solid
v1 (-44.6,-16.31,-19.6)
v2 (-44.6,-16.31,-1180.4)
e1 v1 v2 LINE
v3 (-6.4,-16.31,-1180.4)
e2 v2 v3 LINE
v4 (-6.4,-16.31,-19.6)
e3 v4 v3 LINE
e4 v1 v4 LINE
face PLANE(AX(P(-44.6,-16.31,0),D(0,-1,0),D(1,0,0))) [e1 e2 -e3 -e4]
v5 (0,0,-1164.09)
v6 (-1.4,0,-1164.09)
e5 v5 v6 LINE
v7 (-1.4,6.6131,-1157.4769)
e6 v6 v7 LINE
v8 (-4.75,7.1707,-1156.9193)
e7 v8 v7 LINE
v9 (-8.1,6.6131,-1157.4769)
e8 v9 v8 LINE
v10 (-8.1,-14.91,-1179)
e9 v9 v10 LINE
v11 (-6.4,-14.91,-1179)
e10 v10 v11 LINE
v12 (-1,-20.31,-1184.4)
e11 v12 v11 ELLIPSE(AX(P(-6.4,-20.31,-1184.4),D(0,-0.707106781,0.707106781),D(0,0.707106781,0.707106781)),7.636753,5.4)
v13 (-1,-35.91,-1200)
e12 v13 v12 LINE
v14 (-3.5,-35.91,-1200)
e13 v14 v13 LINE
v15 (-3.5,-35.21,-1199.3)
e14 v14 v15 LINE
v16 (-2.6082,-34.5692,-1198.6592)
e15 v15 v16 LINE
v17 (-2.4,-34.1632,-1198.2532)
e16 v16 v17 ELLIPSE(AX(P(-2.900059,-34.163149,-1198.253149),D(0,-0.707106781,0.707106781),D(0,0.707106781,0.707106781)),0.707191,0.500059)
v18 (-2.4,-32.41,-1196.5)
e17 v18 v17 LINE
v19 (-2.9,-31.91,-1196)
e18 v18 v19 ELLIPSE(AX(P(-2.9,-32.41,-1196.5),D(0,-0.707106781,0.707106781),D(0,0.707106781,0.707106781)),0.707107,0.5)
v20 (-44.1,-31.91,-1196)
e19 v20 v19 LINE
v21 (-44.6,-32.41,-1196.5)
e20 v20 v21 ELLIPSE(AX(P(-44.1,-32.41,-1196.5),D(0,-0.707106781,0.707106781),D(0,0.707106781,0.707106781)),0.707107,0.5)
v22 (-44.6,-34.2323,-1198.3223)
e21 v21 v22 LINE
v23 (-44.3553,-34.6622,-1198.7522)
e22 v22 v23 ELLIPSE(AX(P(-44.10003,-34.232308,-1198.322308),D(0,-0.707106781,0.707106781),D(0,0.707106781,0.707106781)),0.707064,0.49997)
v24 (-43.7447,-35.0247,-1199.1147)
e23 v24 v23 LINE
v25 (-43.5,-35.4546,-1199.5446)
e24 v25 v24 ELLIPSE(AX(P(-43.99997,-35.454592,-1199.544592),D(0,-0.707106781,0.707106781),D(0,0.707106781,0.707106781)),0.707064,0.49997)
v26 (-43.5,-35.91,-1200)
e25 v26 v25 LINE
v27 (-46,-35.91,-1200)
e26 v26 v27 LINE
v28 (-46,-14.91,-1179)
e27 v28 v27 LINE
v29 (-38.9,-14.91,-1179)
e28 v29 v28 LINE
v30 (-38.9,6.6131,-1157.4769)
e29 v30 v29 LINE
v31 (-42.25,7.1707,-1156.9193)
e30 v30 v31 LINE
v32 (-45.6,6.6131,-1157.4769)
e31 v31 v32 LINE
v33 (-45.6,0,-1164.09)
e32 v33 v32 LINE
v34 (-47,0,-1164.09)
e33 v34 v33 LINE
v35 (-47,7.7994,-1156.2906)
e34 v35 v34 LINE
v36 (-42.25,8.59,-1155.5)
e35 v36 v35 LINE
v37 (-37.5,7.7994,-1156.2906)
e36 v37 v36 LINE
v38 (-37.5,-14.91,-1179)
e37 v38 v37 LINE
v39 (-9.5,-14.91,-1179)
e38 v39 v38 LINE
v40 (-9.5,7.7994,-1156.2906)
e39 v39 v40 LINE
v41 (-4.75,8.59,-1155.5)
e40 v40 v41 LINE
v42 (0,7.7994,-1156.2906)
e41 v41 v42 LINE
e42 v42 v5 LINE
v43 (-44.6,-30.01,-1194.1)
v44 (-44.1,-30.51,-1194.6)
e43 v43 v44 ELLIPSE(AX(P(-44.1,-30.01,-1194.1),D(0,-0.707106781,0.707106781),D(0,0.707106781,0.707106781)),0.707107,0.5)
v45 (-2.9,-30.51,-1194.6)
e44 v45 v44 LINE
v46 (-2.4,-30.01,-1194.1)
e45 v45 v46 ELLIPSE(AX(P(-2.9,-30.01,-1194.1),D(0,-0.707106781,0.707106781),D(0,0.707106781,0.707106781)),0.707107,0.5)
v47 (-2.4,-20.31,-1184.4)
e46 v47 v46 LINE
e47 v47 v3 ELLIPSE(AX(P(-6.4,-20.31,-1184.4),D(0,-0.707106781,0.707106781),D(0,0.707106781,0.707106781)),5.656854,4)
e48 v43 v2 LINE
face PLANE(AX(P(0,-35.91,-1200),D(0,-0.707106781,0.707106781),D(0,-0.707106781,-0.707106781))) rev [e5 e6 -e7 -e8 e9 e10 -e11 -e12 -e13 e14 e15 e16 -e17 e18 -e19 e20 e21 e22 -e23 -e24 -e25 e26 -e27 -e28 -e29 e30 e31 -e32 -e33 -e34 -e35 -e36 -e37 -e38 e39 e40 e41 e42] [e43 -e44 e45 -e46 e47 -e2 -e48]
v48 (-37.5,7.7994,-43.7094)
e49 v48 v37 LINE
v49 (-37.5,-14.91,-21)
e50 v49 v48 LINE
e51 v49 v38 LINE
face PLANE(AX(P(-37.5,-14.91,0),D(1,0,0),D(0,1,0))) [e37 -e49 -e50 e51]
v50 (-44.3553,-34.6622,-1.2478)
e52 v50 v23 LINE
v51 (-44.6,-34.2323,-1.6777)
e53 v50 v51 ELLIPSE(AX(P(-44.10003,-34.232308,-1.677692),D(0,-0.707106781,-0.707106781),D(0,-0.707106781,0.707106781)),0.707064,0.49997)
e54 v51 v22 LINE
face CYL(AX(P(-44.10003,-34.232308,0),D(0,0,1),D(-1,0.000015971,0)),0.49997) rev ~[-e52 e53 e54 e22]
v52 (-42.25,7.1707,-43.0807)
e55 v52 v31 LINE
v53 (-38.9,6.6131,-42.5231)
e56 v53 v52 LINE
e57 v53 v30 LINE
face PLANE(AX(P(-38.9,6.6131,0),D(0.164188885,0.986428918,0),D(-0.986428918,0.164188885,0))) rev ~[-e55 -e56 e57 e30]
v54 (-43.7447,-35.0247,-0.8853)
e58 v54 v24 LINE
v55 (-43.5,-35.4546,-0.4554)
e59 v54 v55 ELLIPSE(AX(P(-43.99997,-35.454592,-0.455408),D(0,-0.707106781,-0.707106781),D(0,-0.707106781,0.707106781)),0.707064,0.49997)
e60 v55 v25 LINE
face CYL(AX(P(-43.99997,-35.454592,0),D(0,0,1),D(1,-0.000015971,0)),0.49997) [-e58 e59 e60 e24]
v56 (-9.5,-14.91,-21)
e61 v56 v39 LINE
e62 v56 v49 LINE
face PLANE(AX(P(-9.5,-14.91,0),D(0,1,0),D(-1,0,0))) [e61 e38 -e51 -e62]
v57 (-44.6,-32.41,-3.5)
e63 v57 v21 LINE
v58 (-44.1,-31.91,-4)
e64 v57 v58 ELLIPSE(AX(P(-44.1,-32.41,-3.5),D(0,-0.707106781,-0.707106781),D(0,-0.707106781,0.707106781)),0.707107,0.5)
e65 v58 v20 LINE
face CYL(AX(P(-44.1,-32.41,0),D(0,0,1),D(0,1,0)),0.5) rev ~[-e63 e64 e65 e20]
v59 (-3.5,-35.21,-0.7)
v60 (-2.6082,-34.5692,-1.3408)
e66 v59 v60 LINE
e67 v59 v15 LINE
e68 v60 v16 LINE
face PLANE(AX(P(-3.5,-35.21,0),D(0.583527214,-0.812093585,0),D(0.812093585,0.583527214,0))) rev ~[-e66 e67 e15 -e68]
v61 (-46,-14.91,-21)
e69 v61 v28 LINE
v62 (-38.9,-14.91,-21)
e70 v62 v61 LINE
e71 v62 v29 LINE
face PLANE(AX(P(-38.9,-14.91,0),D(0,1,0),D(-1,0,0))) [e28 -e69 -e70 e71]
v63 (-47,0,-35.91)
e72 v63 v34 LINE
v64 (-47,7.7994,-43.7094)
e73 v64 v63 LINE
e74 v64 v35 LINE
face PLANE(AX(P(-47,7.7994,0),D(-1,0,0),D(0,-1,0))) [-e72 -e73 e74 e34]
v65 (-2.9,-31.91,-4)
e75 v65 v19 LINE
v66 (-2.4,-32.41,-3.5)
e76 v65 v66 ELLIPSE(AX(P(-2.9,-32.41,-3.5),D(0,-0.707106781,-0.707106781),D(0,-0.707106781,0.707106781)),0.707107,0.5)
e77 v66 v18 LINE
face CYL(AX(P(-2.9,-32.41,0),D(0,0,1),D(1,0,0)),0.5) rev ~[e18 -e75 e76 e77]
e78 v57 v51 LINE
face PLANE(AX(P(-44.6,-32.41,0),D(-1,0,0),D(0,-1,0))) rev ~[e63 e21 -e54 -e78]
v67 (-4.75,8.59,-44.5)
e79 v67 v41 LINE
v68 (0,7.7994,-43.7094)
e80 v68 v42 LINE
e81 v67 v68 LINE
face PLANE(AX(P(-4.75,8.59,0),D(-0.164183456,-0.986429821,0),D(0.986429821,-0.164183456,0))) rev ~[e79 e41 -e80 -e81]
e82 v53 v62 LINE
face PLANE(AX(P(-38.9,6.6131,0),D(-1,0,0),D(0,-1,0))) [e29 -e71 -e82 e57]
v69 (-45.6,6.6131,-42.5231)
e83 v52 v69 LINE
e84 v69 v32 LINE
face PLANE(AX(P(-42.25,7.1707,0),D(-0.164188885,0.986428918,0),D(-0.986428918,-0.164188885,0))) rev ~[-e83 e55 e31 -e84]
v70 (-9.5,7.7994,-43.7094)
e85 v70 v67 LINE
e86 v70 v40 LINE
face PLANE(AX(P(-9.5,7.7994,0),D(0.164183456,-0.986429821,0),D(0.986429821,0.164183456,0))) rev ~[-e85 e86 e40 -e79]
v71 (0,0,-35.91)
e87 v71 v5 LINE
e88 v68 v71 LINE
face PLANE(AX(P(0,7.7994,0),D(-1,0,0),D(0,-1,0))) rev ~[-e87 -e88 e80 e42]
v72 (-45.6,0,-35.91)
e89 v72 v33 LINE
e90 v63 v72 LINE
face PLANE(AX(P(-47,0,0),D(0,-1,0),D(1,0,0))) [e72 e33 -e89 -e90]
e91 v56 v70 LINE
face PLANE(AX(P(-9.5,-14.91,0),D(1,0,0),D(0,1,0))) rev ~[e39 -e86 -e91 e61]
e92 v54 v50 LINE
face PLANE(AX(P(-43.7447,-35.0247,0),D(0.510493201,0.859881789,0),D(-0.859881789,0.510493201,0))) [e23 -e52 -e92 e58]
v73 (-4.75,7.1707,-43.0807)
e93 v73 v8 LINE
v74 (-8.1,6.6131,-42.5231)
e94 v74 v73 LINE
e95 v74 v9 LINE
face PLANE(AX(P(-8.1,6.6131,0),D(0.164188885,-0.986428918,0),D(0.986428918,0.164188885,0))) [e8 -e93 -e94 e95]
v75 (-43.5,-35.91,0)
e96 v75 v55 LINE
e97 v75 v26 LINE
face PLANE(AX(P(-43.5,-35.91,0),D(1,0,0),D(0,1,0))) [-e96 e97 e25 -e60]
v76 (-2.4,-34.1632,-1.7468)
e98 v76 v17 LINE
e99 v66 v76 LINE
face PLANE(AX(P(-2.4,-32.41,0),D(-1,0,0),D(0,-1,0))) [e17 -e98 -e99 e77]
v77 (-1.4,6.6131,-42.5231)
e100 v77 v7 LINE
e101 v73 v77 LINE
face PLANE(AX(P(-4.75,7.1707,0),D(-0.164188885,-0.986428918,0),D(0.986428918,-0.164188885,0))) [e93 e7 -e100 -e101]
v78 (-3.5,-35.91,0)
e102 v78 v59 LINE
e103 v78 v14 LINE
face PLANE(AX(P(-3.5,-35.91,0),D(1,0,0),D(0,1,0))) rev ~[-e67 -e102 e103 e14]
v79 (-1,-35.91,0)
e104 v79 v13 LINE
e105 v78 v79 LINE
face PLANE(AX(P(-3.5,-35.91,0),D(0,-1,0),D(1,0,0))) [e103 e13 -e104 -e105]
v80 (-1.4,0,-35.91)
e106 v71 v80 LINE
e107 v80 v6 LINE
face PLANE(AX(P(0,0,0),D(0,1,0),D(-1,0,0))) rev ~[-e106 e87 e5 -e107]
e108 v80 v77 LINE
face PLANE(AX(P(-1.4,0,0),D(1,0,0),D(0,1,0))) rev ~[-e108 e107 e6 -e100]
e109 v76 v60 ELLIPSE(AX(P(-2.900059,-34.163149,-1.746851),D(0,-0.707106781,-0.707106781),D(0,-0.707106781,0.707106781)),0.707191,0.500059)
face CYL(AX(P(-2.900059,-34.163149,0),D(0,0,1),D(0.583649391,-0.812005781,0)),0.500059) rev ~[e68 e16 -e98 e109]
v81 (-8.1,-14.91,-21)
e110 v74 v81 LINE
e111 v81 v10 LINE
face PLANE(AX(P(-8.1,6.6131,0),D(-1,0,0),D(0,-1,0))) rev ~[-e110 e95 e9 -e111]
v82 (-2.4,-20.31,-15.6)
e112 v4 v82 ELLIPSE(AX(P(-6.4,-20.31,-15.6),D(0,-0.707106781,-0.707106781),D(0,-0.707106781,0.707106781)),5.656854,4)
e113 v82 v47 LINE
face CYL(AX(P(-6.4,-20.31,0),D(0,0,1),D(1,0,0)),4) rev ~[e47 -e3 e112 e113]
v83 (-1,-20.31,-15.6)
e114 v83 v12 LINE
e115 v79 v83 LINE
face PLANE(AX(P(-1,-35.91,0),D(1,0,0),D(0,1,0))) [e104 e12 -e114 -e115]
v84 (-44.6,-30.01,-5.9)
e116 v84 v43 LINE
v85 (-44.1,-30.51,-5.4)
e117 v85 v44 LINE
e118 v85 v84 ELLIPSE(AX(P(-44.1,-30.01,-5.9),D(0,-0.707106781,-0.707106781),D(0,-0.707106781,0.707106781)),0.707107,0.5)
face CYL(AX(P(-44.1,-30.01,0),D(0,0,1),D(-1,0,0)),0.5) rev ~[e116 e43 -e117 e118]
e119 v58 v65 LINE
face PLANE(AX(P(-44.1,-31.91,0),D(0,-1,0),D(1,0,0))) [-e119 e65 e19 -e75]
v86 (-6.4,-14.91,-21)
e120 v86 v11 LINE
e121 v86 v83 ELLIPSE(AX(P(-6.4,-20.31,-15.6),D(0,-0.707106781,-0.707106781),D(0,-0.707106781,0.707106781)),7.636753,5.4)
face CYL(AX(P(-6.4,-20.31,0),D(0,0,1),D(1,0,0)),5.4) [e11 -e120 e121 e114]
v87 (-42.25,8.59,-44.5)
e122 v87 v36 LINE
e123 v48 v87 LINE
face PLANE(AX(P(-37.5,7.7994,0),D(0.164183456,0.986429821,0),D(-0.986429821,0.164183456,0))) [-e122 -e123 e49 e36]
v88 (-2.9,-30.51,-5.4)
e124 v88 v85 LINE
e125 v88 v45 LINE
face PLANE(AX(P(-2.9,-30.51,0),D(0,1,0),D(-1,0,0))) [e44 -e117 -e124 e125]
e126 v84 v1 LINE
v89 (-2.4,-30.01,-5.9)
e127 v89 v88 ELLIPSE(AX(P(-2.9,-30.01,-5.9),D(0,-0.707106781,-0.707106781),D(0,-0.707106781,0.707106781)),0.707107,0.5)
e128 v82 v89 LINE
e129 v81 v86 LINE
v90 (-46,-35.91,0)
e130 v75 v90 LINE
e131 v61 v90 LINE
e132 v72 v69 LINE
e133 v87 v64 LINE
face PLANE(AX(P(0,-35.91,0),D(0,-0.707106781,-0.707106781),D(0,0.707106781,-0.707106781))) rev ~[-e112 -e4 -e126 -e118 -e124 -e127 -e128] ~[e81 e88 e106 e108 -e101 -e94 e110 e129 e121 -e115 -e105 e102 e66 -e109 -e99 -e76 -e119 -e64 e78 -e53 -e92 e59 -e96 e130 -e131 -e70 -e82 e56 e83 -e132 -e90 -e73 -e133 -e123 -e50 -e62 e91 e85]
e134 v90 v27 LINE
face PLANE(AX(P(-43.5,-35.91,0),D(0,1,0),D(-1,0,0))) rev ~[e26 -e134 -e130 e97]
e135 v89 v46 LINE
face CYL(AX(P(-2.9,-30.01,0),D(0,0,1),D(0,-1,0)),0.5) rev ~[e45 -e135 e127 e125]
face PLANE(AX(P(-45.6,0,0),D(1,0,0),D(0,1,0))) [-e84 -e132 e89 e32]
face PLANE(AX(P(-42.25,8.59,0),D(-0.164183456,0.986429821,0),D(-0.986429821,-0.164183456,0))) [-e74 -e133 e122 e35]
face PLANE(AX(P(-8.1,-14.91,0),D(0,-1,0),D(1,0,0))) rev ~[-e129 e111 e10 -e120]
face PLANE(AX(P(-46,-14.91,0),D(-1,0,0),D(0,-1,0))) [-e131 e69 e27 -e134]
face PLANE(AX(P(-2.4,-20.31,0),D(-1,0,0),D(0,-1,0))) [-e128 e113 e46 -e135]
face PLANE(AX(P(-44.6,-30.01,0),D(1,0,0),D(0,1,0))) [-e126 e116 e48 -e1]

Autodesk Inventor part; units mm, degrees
ref_plane "YZ Plane" through (0, 0, 0) normal (1, 0, 0) x (0, 1, 0)
ref_plane "XZ Plane" through (0, 0, 0) normal (0, 1, 0) x (-1, 0, 0)
ref_plane "XY Plane" through (0, 0, 0) normal (0, 0, 1) x (1, 0, 0)
sketch "Boceto1" plane through (0, 0, 0) normal (0, 0, 1) x (1, 0, 0)
  line L0 (-46, -14.91) -> (-46, -35.91)
  line L1 (-44.1, -31.91) -> (-2.9, -31.91)
  line L2 (-1, -35.91) -> (-1, -20.31)
  line L3 (-8.1, 6.6131) -> (-8.1, -14.91)
  line L4 (-44.6, -16.31) -> (-6.4, -16.31)
  line L5 (-2.4, -20.31) -> (-2.4, -30.01)
  line L6 (-2.9, -30.51) -> (-44.1, -30.51)
  line L7 (-44.6, -30.01) -> (-44.6, -16.31)
  arc A0 (-2.4, -20.31) -> (-6.4, -16.31) centre (-6.4, -20.31) ccw
  line L8 (-2.4, -32.41) -> (-2.4, -34.1632)
  line L9 (-3.5, -35.91) -> (-1, -35.91)
  line L10 (-9.5, -14.91) -> (-9.5, 7.7994)
  line L11 (-44.6, -32.41) -> (-44.6, -34.2323)
  line L12 (-43.5, -35.91) -> (-46, -35.91)
  line L13 (-43.5, -35.91) -> (-43.5, -35.4546)
  line L14 (-3.5, -35.91) -> (-3.5, -35.21)
  line L15 (-43.7447, -35.0247) -> (-44.3553, -34.6622)
  line L16 (-3.5, -35.21) -> (-2.6082, -34.5692)
  arc A1 (-2.9, -30.51) -> (-2.4, -30.01) centre (-2.9, -30.01) ccw
  arc A2 (-2.4, -32.41) -> (-2.9, -31.91) centre (-2.9, -32.41) ccw
  arc A3 (-2.6082, -34.5692) -> (-2.4, -34.1632) centre (-2.9, -34.1632) ccw
  arc A4 (-44.6, -30.01) -> (-44.1, -30.51) centre (-44.1, -30.01) ccw
  arc A5 (-44.1, -31.91) -> (-44.6, -32.41) centre (-44.1, -32.41) ccw
  arc A6 (-44.6, -34.2323) -> (-44.3553, -34.6622) centre (-44.1, -34.2323) ccw
  arc A7 (-43.5, -35.4546) -> (-43.7447, -35.0247) centre (-44, -35.4546) ccw
  line L17 (-9.5, 7.7994) -> (-4.75, 8.59)
  line L18 (-4.75, 8.59) -> (0, 7.7994)
  line L19 (-8.1, 6.6131) -> (-4.75, 7.1707)
  line L20 (-4.75, 7.1707) -> (-1.4, 6.6131)
  line L21 (0, 7.7994) -> (0, 0)
  line L22 (0, 0) -> (-1.4, 0)
  line L23 (-1.4, 0) -> (-1.4, 6.6131)
  line L24 (-8.1, -14.91) -> (-6.4, -14.91)
  arc A8 (-1, -20.31) -> (-6.4, -14.91) centre (-6.4, -20.31) ccw
  line L25 (-4.75, 16.5254) -> (-4.75, 0) construction
  line L26 (-38.9, 6.6131) -> (-38.9, -14.91)
  line L27 (-37.5, -14.91) -> (-37.5, 7.7994)
  line L28 (-37.5, 7.7994) -> (-42.25, 8.59)
  line L29 (-42.25, 8.59) -> (-47, 7.7994)
  line L30 (-38.9, 6.6131) -> (-42.25, 7.1707)
  line L31 (-42.25, 7.1707) -> (-45.6, 6.6131)
  line L32 (-47, 7.7994) -> (-47, 0)
  line L33 (-47, 0) -> (-45.6, 0)
  line L34 (-45.6, 0) -> (-45.6, 6.6131)
  line L35 (-42.25, 16.5254) -> (-42.25, 0) construction
  line L36 (-9.5, -14.91) -> (-37.5, -14.91)
  line L37 (-38.9, -14.91) -> (-46, -14.91)
  line L38 (-23.5, 14.1873) -> (-23.5, -36.7854) construction
  point P0 (-44.6, -34.5169)
  point P1 (-43.5, -35.17)
  dimension "d17" = 4
  dimension "d24" = 1.4
  dimension "d50" = 0.7
  dimension "d61" = 0.74
  dimension "d62" = 30.7
  dimension "d63" = 35.7
  dimension "d206" = 1.4
  dimension "d207" = 1.4
  dimension "d210" = 1.4
  dimension "d211" = 1.4
  dimension "d213" = 14.2
  dimension "d214" = 1.4
  dimension "d215" = 1.4
  dimension "d216" = 1.4
  dimension "d217" = 1.4
  dimension "d218" = 45
  dimension "d223" = 5.4
  dimension "d224" = 1.4
  dimension "d225" = 9.5
  dimension "d226" = 4.75
  dimension "d227" = 3.35
  dimension "d228" = 6.7
  dimension "d229" = 44.5
  dimension "d230" = 3.35
  dimension "d231" = 2.5
  dimension "d232" = 2.5
  dimension "d240" = 8.59
  dimension "d241" = 3.35
  dimension "d242" = 99.45
  dimension "d243" = 161.1
  dimension "d246" = 1.4
  dimension "d247" = 1.4
  dimension "d248" = 1.4
  dimension "d253" = 1.4
  dimension "d254" = 1.4
  dimension "d255" = 1.4
  dimension "d256" = 1.4
  dimension "d257" = 8.59
  dimension "d258" = 161.1
  dimension "d259" = 99.45
  dimension "d260" = 22.5
  dimension "d266" = 23.5
  dimension "d267" = 47
  dimension "d268" = 3.35
  dimension "d269" = 9.5
  dimension "d270" = 4.75
  dimension "d271" = 3.35
  dimension "d272" = 6.7
  dimension "d273" = 28
  dimension "d274" = 37.5
  dimension "d275" = 8.5
  dimension "d276" = 8.5
  dimension "d277" = 44.5
  dimension "d278" = 0.5
  dimension "d279" = 14.91
  dimension "d280" = 14.91
  dimension "d283" = 16.5254
  dimension "d284" = 0
  dimension "d285" = 14.1873
  dimension "d286" = 36.7854
  dimension "d287" = 16.5254
  dimension "d288" = 0
extrude "Extrusión1" add sketch "Boceto1" against normal blind 1200
ref_plane "Plano de trabajo2" through (0, 0, -600) normal (0, 0, -1) x (-1, 0, 0)
sketch "Boceto2" plane through (0, 0, 0) normal (1, 0, 0) x (0, 1, 0)
  line L0 (-35.91, 0) -> (-20.31, 0) projected
  line L1 (-35.91, 0) -> (-35.91, -1200) projected
  line L2 (-20.31, -1200) -> (-35.91, -1200) projected
  line L3 (-20.31, 0) -> (-20.31, -1200) projected
  line L4 (-20.31, 0) -> (-14.91, 0) projected
  line L5 (-20.31, 0) -> (-20.31, -1200) projected
  line L6 (-14.91, -1200) -> (-20.31, -1200) projected
  line L7 (-14.91, 0) -> (-14.91, -1200) projected
  line L8 (-14.91, 0) -> (6.6131, 0) projected
  line L9 (-14.91, 0) -> (-14.91, -1200) projected
  line L10 (6.6131, -1200) -> (-14.91, -1200) projected
  line L11 (6.6131, 0) -> (6.6131, -1200) projected
  line L12 (0, 0) -> (7.7994, 0) projected
  line L13 (0, 0) -> (0, -1200) projected
  line L14 (7.7994, -1200) -> (0, -1200) projected
  line L15 (7.7994, 0) -> (7.7994, -1200) projected
  line L16 (7.7994, 0) -> (8.59, 0) projected
  line L17 (7.7994, 0) -> (7.7994, -1200) projected
  line L18 (8.59, -1200) -> (7.7994, -1200) projected
  line L19 (8.59, 0) -> (8.59, -1200) projected
  line L20 (-35.91, 0) -> (8.59, -44.5)
  line L21 (8.59, 0) -> (8.59, -44.5)
  line L22 (8.59, 0) -> (-35.91, 0)
  dimension "d291" = 45
extrude "Extrusión2" cut sketch "Boceto2" against normal through all contours L0 L3 L20 | L4 L7 L20 L3 | L8 L13 L20 L7 | L8 L11 L20 L13 | L12 L15 L20 L11 | L16 L19 L20 L15
mirror "Simetría2" about plane through (0, 0, -600) normal (0, 0, -1) of "Extrusión2"
ref_plane "Plano de trabajo4" through (0, 7.7994, 0) normal (0, 1, 0) x (0, 0, -1)
properties part number "SP40-09 MARCO CORREDERA 1200 MM" material "Aluminio"
